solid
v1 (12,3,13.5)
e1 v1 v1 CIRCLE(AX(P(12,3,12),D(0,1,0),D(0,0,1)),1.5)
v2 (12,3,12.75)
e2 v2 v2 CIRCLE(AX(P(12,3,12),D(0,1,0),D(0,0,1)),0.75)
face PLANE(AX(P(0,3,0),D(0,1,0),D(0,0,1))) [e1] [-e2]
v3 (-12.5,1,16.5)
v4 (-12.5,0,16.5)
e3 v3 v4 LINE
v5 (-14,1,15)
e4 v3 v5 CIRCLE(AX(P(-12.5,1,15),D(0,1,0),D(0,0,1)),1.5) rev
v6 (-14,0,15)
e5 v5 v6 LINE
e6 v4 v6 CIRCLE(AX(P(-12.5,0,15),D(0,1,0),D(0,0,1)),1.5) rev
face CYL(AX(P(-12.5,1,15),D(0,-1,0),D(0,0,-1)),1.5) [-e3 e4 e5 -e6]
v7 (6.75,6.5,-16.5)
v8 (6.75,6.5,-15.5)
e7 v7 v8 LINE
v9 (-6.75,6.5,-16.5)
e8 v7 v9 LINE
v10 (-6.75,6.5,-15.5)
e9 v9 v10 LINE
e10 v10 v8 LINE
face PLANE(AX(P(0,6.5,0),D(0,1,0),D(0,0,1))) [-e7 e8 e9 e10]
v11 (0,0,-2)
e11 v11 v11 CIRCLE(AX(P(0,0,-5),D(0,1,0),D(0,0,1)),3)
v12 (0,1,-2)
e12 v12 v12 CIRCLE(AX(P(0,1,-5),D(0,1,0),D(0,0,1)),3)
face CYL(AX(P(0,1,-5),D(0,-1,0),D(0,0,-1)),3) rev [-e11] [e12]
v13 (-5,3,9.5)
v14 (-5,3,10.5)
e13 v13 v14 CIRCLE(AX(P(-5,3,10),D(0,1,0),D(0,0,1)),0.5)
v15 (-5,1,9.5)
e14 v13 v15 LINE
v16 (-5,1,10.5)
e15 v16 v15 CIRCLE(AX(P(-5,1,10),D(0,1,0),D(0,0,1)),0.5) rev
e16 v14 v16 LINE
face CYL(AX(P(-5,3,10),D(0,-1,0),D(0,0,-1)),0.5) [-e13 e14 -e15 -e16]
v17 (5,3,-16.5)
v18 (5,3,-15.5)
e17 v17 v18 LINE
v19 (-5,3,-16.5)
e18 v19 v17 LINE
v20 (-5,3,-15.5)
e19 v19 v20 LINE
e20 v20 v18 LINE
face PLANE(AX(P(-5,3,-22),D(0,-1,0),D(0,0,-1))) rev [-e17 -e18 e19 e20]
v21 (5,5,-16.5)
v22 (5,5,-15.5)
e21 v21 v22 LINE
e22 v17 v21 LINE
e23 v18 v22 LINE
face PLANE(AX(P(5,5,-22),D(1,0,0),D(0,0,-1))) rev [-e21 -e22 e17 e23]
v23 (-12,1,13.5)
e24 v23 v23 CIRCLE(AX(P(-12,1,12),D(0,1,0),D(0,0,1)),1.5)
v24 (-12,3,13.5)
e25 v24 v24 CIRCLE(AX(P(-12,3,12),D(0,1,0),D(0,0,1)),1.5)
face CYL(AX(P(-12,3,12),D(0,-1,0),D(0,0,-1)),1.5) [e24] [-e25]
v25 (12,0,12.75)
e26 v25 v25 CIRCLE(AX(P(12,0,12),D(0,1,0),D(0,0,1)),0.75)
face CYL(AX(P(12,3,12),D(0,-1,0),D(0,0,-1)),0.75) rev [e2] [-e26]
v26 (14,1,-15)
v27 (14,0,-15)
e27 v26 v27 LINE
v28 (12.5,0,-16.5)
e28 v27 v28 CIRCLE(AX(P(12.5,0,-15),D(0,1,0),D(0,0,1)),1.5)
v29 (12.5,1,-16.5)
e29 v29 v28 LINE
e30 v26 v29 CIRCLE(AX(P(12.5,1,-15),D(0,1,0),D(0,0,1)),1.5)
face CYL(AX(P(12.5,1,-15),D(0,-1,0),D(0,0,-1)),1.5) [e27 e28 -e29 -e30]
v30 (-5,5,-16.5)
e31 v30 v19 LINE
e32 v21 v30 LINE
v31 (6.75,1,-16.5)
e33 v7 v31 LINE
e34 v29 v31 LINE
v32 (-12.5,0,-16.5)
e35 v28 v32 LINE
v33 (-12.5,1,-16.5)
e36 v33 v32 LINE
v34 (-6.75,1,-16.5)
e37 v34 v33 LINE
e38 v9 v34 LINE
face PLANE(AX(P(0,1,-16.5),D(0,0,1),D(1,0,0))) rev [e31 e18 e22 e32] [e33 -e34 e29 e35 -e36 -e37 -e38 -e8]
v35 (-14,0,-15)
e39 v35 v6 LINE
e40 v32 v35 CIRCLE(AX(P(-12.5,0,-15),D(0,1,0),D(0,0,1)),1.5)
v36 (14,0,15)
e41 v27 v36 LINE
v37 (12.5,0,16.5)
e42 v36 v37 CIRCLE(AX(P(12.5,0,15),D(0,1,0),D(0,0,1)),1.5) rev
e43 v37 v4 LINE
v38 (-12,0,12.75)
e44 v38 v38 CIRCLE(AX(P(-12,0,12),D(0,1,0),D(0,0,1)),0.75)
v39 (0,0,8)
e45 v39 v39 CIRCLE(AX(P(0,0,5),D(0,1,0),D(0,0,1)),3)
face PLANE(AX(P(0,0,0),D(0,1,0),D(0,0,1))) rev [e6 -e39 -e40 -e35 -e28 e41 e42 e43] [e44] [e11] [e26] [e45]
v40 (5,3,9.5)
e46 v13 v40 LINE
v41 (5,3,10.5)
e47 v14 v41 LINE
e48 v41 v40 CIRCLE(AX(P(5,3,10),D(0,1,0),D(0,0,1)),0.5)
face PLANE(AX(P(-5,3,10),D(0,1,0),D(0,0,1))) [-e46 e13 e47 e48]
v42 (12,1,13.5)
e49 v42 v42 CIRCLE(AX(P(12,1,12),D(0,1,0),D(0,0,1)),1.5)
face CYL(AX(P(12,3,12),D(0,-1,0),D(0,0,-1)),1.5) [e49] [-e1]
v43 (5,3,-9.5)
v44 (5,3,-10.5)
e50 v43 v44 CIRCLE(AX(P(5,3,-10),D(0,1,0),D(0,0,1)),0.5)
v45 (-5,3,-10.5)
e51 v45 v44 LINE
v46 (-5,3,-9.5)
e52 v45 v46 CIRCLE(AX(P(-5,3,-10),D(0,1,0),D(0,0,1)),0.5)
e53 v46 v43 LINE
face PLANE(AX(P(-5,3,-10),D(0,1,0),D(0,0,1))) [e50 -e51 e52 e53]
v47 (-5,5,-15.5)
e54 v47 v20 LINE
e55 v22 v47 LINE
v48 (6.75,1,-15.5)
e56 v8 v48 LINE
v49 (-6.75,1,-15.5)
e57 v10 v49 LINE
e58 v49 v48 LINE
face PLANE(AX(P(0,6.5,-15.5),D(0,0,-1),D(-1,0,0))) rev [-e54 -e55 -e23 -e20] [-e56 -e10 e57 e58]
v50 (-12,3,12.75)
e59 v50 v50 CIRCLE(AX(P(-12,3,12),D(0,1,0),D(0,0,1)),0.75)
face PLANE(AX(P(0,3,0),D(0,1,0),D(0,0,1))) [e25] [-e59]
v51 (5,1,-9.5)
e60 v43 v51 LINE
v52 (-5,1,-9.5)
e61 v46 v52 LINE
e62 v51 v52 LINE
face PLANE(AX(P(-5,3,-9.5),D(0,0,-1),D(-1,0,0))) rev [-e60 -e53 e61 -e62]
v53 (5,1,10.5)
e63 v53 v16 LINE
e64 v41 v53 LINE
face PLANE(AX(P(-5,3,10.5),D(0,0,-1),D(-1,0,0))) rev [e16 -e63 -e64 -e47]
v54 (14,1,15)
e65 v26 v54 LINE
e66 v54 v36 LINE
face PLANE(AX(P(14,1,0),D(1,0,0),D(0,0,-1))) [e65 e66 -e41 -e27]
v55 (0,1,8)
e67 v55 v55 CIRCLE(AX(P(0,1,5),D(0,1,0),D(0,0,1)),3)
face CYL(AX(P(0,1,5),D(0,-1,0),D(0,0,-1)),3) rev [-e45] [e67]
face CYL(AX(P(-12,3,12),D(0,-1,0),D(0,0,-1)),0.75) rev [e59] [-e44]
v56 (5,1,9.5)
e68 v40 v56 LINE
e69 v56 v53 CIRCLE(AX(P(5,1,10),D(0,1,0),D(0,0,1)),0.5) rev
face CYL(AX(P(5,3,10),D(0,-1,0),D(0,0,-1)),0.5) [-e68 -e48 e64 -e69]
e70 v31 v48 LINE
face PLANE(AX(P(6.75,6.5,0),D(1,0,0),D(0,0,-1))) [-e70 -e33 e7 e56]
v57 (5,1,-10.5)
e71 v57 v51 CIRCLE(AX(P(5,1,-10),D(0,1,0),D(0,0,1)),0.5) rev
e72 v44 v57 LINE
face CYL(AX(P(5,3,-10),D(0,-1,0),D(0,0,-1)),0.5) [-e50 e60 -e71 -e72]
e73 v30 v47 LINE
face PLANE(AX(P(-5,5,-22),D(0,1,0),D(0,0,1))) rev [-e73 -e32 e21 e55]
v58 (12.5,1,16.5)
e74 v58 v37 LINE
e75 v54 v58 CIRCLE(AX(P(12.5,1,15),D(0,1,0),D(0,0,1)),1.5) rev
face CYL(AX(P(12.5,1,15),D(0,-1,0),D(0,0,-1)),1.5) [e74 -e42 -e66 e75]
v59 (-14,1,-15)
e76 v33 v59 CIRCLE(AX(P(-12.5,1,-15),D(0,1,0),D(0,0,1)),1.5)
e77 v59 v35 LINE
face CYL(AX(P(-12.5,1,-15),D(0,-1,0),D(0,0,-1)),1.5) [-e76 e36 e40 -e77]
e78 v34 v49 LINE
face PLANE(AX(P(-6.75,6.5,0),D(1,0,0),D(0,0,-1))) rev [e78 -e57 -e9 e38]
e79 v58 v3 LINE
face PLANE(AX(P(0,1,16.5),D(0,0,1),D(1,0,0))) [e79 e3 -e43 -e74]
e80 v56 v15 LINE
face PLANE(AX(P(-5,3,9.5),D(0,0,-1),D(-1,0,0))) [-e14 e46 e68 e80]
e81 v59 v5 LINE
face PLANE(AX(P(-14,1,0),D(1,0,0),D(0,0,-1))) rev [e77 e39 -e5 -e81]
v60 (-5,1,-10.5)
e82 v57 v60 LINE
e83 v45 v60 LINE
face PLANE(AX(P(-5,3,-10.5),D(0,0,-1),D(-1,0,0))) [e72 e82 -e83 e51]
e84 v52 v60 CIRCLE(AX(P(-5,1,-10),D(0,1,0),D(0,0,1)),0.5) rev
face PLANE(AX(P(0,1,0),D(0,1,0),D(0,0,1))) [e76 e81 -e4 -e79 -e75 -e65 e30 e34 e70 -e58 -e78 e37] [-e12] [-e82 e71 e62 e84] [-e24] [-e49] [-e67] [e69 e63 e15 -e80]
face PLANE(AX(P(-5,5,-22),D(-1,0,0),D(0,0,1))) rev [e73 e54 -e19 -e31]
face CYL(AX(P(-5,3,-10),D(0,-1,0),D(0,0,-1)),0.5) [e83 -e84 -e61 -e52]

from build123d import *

# Parameters (mm, degrees)
BASE_4_R              = 1.5
BASE_4_R_2            = 0.75
BOSS_EXTRUDE5_DEPTH   = 3
BOSS_EXTRUDE5_2_DEPTH = 3
BASE_W                = 13.5
BASE_H                = 1
BOSS_EXTRUDE7_DEPTH   = 6.5
BASE_7_R              = 1.5
BASE_7_R_2            = 3
BOSS_EXTRUDE8_DEPTH   = 1
BOSS_EXTRUDE9_DEPTH   = 3
SLIT_W                = 10
SLIT_H                = 2
CUT_EXTRUDE2_DEPTH    = 6.5


with BuildPart() as part:
    # Base<4> → Boss-Extrude5 (new body)
    with BuildSketch(Plane(origin=(0, 0, 0), x_dir=(1, 0, 0), z_dir=(0, 1, 0))):
        with Locations((-12, -12)):
            Circle(BASE_4_R)
        with Locations((-12, -12)):
            Circle(BASE_4_R_2, mode=Mode.SUBTRACT)
    extrude(amount=BOSS_EXTRUDE5_DEPTH)



with BuildPart() as body_2:
    # Base<4> → Boss-Extrude5 2 (new body)
    with BuildSketch(Plane(origin=(0, 0, 0), x_dir=(1, 0, 0), z_dir=(0, 1, 0))):
        with Locations((12, -12)):
            Circle(BASE_4_R)
        with Locations((12, -12)):
            Circle(BASE_4_R_2, mode=Mode.SUBTRACT)
    extrude(amount=BOSS_EXTRUDE5_2_DEPTH)


with BuildPart() as body_3:
    # Base → Boss-Extrude7 (new body)
    with BuildSketch(Plane(origin=(0, 0, 0), x_dir=(1, 0, 0), z_dir=(0, 1, 0))):
        with Locations((0, 16)):
            Rectangle(BASE_W, BASE_H)
    extrude(amount=BOSS_EXTRUDE7_DEPTH)


with BuildPart() as part_1:
    add(part.part)

    add(body_2.part)  # Boss-Extrude8 merges body 2

    add(body_3.part)  # Boss-Extrude8 merges body 3
    # Base<7> → Boss-Extrude8 (add)
    with BuildSketch(Plane(origin=(0, 0, 0), x_dir=(1, 0, 0), z_dir=(0, 1, 0))):
        with BuildLine():
            ThreePointArc((14, 15), (13.560660172, 16.060660172), (12.5, 16.5))
            Line((12.5, 16.5), (6.75, 16.5))
            Line((6.75, 16.5), (6.75, 15.5))
            Line((6.75, 15.5), (-6.75, 15.5))
            Line((-6.75, 15.5), (-6.75, 16.5))
            Line((-6.75, 16.5), (-12.5, 16.5))
            ThreePointArc((-12.5, 16.5), (-13.560660172, 16.060660172), (-14, 15))
            Line((-14, 15), (-14, -15))
            ThreePointArc((-14, -15), (-13.560660172, -16.060660172), (-12.5, -16.5))
            Line((-12.5, -16.5), (12.5, -16.5))
            ThreePointArc((12.5, -16.5), (13.560660172, -16.060660172), (14, -15))
            Line((14, -15), (14, 15))
        make_face()
        with Locations((-12, -12)):
            Circle(BASE_7_R, mode=Mode.SUBTRACT)
        with Locations((0, -5)):
            Circle(BASE_7_R_2, mode=Mode.SUBTRACT)
        with Locations((12, -12)):
            Circle(BASE_7_R, mode=Mode.SUBTRACT)
        with Locations((0, 5)):
            Circle(BASE_7_R_2, mode=Mode.SUBTRACT)
    extrude(amount=BOSS_EXTRUDE8_DEPTH)

    # Base<8> → Boss-Extrude9 (add)
    with BuildSketch(Plane(origin=(0, 0, 0), x_dir=(1, 0, 0), z_dir=(0, 1, 0))):
        with BuildLine():
            Line((-5, -9.5), (5, -9.5))
            ThreePointArc((5, -9.5), (5.5, -10), (5, -10.5))
            Line((5, -10.5), (-5, -10.5))
            ThreePointArc((-5, -10.5), (-5.5, -10), (-5, -9.5))
        make_face()
        with BuildLine():
            Line((-5, 10.5), (5, 10.5))
            ThreePointArc((5, 10.5), (5.5, 10), (5, 9.5))
            Line((5, 9.5), (-5, 9.5))
            ThreePointArc((-5, 9.5), (-5.5, 10), (-5, 10.5))
        make_face()
    extrude(amount=BOSS_EXTRUDE9_DEPTH)

    # slit → Cut-Extrude2 (cut)
    with BuildSketch(Plane.XY.offset(-15.5)):
        with Locations((0, 4)):
            Rectangle(SLIT_W, SLIT_H)
    extrude(amount=-CUT_EXTRUDE2_DEPTH, mode=Mode.SUBTRACT)


solid = part_1.part
